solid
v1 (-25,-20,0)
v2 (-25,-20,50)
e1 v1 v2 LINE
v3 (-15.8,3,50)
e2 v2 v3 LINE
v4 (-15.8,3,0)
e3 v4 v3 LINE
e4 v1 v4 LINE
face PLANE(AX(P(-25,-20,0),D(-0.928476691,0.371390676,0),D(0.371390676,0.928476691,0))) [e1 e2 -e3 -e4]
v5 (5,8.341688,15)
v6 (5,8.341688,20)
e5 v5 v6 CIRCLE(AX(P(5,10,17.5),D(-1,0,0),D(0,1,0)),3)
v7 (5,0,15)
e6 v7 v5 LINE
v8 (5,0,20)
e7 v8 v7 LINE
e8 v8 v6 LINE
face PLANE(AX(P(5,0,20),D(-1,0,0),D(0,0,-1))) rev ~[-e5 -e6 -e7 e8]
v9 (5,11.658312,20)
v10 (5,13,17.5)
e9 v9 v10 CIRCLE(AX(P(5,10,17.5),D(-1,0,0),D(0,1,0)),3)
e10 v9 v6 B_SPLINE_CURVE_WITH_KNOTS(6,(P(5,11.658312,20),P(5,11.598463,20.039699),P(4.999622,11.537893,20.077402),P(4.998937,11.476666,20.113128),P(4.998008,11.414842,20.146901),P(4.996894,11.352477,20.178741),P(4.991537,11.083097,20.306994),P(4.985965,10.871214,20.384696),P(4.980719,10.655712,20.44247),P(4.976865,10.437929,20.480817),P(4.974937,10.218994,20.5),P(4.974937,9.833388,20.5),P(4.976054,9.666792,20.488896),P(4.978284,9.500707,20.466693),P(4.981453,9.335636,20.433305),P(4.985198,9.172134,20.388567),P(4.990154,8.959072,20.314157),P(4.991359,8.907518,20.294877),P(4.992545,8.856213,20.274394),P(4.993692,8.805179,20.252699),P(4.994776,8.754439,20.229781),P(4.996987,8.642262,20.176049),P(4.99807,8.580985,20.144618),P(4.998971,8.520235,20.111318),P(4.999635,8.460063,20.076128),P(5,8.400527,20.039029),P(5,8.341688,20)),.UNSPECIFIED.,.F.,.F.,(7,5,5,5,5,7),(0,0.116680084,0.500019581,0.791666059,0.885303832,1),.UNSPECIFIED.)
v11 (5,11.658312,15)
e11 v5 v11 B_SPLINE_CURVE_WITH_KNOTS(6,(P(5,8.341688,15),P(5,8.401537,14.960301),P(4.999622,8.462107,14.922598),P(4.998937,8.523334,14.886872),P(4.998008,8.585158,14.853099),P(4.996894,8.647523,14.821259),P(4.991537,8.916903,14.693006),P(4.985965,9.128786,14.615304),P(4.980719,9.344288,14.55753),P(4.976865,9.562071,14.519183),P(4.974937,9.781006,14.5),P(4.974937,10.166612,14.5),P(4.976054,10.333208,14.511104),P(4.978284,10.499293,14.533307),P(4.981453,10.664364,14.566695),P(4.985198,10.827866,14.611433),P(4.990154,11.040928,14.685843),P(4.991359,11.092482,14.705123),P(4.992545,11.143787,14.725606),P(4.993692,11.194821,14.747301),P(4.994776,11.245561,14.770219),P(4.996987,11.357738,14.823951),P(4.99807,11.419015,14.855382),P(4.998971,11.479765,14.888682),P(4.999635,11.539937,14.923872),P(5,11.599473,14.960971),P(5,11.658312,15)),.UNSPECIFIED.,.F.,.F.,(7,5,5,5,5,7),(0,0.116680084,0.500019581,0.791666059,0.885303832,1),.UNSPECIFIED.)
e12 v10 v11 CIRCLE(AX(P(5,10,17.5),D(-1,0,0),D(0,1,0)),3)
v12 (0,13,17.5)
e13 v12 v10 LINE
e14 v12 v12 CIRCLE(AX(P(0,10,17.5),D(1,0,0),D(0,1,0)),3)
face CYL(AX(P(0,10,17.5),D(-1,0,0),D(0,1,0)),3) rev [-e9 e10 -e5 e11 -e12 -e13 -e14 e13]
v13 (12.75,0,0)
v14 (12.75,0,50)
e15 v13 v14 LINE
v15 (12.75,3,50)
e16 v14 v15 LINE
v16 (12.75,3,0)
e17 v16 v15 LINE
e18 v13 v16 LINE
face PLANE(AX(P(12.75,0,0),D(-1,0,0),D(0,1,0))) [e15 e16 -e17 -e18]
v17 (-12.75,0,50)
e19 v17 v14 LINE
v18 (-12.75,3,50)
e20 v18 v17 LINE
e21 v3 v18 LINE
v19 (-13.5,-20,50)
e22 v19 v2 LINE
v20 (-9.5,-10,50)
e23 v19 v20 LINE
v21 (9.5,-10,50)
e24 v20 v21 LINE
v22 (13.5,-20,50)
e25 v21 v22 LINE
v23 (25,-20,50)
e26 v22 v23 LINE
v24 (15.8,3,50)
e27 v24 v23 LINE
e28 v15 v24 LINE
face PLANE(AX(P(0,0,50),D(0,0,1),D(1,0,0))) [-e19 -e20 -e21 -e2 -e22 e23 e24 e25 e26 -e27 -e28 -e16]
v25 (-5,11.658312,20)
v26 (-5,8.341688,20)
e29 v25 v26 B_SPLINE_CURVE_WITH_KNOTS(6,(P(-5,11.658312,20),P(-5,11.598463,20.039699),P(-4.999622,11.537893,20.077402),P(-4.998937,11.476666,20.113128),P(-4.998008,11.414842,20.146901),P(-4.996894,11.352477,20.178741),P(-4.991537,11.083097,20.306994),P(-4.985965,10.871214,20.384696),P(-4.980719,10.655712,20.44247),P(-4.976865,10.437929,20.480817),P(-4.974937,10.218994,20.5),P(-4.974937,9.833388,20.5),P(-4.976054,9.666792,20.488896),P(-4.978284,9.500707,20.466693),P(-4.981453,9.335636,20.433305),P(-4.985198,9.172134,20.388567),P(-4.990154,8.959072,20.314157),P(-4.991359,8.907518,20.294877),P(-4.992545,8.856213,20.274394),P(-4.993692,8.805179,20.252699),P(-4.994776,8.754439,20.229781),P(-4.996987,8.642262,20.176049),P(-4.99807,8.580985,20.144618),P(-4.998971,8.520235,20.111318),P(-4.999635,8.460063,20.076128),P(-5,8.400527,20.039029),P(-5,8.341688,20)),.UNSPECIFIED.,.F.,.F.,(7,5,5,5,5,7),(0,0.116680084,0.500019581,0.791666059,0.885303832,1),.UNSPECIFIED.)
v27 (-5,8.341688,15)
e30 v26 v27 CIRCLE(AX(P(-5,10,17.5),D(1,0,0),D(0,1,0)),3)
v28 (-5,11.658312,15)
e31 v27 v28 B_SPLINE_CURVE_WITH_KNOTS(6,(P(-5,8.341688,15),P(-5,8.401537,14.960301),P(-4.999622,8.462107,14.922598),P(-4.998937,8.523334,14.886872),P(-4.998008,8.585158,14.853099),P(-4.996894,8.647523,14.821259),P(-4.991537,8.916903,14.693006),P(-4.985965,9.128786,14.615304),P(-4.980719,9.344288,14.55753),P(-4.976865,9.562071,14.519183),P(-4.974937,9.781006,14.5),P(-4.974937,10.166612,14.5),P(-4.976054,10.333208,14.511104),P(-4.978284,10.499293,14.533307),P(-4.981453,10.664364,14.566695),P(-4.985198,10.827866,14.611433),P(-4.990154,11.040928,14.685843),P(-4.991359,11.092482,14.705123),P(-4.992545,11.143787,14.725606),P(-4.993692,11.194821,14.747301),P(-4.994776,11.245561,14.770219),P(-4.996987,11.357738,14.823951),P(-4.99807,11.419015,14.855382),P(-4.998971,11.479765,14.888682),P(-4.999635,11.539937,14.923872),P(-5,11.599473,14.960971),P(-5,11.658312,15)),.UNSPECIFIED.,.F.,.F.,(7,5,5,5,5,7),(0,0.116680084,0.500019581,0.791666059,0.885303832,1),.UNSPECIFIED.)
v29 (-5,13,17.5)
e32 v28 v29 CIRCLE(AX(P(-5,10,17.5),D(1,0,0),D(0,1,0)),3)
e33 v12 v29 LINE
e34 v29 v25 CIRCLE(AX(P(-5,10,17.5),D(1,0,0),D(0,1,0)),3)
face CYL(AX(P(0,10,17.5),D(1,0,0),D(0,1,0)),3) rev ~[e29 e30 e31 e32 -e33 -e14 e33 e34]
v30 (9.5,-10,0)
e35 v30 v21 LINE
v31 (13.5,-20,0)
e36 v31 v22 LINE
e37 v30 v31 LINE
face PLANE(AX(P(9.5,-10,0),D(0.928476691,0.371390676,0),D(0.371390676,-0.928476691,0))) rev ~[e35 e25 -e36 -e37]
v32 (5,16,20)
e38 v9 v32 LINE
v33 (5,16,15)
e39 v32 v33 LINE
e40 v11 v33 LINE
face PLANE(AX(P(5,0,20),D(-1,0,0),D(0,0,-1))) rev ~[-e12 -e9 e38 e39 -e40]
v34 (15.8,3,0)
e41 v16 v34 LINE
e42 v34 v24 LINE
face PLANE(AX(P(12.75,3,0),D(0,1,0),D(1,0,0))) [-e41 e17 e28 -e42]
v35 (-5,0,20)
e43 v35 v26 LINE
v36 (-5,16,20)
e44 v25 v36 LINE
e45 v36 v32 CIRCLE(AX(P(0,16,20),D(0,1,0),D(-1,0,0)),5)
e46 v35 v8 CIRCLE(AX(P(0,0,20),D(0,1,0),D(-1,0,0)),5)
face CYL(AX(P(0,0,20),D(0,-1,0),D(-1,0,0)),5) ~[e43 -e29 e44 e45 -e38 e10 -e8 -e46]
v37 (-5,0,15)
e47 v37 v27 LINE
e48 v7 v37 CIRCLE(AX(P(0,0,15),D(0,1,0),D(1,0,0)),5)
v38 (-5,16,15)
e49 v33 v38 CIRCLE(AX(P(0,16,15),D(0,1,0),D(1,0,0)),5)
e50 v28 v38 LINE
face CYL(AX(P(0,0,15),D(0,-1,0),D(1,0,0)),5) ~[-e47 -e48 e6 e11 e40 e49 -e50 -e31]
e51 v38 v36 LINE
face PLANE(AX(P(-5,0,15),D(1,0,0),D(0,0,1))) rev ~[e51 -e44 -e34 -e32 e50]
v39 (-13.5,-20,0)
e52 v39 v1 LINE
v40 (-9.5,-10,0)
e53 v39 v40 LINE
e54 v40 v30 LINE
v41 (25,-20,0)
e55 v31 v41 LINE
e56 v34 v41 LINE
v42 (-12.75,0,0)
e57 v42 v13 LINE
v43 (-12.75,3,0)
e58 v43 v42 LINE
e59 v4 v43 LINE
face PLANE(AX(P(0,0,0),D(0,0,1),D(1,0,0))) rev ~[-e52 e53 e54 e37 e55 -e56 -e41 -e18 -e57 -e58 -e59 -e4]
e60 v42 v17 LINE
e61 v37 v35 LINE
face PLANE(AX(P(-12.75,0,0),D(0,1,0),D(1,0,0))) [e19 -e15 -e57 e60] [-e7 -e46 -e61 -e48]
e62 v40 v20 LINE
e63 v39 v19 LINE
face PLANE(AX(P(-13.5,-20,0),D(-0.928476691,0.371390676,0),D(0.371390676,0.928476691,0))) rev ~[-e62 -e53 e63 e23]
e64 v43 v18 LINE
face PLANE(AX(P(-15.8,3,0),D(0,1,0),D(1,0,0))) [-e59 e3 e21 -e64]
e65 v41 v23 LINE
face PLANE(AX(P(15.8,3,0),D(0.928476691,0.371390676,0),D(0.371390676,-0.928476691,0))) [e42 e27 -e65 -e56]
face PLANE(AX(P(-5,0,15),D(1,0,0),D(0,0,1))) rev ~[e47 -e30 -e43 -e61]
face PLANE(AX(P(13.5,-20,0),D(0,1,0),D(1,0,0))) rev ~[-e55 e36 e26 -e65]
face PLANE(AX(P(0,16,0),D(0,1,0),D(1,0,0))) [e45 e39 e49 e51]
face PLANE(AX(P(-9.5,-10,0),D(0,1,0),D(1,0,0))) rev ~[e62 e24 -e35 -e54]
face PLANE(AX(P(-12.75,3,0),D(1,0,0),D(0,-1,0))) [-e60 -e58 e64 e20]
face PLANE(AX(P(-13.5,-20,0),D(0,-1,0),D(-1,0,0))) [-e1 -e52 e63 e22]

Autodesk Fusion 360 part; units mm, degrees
sketch "スケッチ2" plane through (0, 0, 0) normal (0, 0, 1) x (1, 0, 0)
  line L0 (15.8, 3) -> (25, -20)
  line L1 (-25, -20) -> (-15.8, 3)
  line L2 (-13.5, -20) -> (-9.5, -10)
  line L3 (-9.5, -10) -> (9.5, -10)
  line L4 (9.5, -10) -> (13.5, -20)
  line L5 (13.5, -20) -> (25, -20)
  line L6 (-13.5, -20) -> (-25, -20)
  line L7 (-15.8, 3) -> (-12.75, 3)
  line L8 (-12.75, 3) -> (-12.75, 0)
  line L9 (-12.75, 0) -> (12.75, 0)
  line L10 (12.75, 0) -> (12.75, 3)
  line L11 (12.75, 3) -> (15.8, 3)
  dimension "d1" = 19
  dimension "d2" = 9.5
  dimension "d5" = 13
  dimension "d6" = 10
  dimension "d7" = 25.5
  dimension "d8" = 3
  dimension "d9" = 11.5
  dimension "d24" = 25
  dimension "d25" = 12.75
  dimension "d26" = 20
extrude "押し出し1" add sketch "スケッチ2" along normal blind 50
sketch "スケッチ3" plane through (0, 0, 0) normal (0, 1, 0) x (1, 0, 0)
  line L0 (5, -20) -> (5, -15)
  arc A0 (5, -15) -> (-5, -15) centre (0, -15) ccw
  line L1 (-5, -15) -> (-5, -20)
  arc A1 (-5, -20) -> (5, -20) centre (0, -20) ccw
  line L2 (0, -20) -> (0, -15) construction
  dimension "d16" = 5
  dimension "d17" = 5
extrude "押し出し2" add sketch "スケッチ3" along normal blind 16
sketch "スケッチ6" plane through (0, 0, 0) normal (1, 0, 0) x (0, 1, 0)
  circle A0 centre (10, 17.5) radius 3
  line L0 (0, 0) -> (0, 50)
  dimension "d21" = 6
  dimension "d22" = 10
extrude "押し出し4" cut sketch "スケッチ6" along normal through all and the other way through all
